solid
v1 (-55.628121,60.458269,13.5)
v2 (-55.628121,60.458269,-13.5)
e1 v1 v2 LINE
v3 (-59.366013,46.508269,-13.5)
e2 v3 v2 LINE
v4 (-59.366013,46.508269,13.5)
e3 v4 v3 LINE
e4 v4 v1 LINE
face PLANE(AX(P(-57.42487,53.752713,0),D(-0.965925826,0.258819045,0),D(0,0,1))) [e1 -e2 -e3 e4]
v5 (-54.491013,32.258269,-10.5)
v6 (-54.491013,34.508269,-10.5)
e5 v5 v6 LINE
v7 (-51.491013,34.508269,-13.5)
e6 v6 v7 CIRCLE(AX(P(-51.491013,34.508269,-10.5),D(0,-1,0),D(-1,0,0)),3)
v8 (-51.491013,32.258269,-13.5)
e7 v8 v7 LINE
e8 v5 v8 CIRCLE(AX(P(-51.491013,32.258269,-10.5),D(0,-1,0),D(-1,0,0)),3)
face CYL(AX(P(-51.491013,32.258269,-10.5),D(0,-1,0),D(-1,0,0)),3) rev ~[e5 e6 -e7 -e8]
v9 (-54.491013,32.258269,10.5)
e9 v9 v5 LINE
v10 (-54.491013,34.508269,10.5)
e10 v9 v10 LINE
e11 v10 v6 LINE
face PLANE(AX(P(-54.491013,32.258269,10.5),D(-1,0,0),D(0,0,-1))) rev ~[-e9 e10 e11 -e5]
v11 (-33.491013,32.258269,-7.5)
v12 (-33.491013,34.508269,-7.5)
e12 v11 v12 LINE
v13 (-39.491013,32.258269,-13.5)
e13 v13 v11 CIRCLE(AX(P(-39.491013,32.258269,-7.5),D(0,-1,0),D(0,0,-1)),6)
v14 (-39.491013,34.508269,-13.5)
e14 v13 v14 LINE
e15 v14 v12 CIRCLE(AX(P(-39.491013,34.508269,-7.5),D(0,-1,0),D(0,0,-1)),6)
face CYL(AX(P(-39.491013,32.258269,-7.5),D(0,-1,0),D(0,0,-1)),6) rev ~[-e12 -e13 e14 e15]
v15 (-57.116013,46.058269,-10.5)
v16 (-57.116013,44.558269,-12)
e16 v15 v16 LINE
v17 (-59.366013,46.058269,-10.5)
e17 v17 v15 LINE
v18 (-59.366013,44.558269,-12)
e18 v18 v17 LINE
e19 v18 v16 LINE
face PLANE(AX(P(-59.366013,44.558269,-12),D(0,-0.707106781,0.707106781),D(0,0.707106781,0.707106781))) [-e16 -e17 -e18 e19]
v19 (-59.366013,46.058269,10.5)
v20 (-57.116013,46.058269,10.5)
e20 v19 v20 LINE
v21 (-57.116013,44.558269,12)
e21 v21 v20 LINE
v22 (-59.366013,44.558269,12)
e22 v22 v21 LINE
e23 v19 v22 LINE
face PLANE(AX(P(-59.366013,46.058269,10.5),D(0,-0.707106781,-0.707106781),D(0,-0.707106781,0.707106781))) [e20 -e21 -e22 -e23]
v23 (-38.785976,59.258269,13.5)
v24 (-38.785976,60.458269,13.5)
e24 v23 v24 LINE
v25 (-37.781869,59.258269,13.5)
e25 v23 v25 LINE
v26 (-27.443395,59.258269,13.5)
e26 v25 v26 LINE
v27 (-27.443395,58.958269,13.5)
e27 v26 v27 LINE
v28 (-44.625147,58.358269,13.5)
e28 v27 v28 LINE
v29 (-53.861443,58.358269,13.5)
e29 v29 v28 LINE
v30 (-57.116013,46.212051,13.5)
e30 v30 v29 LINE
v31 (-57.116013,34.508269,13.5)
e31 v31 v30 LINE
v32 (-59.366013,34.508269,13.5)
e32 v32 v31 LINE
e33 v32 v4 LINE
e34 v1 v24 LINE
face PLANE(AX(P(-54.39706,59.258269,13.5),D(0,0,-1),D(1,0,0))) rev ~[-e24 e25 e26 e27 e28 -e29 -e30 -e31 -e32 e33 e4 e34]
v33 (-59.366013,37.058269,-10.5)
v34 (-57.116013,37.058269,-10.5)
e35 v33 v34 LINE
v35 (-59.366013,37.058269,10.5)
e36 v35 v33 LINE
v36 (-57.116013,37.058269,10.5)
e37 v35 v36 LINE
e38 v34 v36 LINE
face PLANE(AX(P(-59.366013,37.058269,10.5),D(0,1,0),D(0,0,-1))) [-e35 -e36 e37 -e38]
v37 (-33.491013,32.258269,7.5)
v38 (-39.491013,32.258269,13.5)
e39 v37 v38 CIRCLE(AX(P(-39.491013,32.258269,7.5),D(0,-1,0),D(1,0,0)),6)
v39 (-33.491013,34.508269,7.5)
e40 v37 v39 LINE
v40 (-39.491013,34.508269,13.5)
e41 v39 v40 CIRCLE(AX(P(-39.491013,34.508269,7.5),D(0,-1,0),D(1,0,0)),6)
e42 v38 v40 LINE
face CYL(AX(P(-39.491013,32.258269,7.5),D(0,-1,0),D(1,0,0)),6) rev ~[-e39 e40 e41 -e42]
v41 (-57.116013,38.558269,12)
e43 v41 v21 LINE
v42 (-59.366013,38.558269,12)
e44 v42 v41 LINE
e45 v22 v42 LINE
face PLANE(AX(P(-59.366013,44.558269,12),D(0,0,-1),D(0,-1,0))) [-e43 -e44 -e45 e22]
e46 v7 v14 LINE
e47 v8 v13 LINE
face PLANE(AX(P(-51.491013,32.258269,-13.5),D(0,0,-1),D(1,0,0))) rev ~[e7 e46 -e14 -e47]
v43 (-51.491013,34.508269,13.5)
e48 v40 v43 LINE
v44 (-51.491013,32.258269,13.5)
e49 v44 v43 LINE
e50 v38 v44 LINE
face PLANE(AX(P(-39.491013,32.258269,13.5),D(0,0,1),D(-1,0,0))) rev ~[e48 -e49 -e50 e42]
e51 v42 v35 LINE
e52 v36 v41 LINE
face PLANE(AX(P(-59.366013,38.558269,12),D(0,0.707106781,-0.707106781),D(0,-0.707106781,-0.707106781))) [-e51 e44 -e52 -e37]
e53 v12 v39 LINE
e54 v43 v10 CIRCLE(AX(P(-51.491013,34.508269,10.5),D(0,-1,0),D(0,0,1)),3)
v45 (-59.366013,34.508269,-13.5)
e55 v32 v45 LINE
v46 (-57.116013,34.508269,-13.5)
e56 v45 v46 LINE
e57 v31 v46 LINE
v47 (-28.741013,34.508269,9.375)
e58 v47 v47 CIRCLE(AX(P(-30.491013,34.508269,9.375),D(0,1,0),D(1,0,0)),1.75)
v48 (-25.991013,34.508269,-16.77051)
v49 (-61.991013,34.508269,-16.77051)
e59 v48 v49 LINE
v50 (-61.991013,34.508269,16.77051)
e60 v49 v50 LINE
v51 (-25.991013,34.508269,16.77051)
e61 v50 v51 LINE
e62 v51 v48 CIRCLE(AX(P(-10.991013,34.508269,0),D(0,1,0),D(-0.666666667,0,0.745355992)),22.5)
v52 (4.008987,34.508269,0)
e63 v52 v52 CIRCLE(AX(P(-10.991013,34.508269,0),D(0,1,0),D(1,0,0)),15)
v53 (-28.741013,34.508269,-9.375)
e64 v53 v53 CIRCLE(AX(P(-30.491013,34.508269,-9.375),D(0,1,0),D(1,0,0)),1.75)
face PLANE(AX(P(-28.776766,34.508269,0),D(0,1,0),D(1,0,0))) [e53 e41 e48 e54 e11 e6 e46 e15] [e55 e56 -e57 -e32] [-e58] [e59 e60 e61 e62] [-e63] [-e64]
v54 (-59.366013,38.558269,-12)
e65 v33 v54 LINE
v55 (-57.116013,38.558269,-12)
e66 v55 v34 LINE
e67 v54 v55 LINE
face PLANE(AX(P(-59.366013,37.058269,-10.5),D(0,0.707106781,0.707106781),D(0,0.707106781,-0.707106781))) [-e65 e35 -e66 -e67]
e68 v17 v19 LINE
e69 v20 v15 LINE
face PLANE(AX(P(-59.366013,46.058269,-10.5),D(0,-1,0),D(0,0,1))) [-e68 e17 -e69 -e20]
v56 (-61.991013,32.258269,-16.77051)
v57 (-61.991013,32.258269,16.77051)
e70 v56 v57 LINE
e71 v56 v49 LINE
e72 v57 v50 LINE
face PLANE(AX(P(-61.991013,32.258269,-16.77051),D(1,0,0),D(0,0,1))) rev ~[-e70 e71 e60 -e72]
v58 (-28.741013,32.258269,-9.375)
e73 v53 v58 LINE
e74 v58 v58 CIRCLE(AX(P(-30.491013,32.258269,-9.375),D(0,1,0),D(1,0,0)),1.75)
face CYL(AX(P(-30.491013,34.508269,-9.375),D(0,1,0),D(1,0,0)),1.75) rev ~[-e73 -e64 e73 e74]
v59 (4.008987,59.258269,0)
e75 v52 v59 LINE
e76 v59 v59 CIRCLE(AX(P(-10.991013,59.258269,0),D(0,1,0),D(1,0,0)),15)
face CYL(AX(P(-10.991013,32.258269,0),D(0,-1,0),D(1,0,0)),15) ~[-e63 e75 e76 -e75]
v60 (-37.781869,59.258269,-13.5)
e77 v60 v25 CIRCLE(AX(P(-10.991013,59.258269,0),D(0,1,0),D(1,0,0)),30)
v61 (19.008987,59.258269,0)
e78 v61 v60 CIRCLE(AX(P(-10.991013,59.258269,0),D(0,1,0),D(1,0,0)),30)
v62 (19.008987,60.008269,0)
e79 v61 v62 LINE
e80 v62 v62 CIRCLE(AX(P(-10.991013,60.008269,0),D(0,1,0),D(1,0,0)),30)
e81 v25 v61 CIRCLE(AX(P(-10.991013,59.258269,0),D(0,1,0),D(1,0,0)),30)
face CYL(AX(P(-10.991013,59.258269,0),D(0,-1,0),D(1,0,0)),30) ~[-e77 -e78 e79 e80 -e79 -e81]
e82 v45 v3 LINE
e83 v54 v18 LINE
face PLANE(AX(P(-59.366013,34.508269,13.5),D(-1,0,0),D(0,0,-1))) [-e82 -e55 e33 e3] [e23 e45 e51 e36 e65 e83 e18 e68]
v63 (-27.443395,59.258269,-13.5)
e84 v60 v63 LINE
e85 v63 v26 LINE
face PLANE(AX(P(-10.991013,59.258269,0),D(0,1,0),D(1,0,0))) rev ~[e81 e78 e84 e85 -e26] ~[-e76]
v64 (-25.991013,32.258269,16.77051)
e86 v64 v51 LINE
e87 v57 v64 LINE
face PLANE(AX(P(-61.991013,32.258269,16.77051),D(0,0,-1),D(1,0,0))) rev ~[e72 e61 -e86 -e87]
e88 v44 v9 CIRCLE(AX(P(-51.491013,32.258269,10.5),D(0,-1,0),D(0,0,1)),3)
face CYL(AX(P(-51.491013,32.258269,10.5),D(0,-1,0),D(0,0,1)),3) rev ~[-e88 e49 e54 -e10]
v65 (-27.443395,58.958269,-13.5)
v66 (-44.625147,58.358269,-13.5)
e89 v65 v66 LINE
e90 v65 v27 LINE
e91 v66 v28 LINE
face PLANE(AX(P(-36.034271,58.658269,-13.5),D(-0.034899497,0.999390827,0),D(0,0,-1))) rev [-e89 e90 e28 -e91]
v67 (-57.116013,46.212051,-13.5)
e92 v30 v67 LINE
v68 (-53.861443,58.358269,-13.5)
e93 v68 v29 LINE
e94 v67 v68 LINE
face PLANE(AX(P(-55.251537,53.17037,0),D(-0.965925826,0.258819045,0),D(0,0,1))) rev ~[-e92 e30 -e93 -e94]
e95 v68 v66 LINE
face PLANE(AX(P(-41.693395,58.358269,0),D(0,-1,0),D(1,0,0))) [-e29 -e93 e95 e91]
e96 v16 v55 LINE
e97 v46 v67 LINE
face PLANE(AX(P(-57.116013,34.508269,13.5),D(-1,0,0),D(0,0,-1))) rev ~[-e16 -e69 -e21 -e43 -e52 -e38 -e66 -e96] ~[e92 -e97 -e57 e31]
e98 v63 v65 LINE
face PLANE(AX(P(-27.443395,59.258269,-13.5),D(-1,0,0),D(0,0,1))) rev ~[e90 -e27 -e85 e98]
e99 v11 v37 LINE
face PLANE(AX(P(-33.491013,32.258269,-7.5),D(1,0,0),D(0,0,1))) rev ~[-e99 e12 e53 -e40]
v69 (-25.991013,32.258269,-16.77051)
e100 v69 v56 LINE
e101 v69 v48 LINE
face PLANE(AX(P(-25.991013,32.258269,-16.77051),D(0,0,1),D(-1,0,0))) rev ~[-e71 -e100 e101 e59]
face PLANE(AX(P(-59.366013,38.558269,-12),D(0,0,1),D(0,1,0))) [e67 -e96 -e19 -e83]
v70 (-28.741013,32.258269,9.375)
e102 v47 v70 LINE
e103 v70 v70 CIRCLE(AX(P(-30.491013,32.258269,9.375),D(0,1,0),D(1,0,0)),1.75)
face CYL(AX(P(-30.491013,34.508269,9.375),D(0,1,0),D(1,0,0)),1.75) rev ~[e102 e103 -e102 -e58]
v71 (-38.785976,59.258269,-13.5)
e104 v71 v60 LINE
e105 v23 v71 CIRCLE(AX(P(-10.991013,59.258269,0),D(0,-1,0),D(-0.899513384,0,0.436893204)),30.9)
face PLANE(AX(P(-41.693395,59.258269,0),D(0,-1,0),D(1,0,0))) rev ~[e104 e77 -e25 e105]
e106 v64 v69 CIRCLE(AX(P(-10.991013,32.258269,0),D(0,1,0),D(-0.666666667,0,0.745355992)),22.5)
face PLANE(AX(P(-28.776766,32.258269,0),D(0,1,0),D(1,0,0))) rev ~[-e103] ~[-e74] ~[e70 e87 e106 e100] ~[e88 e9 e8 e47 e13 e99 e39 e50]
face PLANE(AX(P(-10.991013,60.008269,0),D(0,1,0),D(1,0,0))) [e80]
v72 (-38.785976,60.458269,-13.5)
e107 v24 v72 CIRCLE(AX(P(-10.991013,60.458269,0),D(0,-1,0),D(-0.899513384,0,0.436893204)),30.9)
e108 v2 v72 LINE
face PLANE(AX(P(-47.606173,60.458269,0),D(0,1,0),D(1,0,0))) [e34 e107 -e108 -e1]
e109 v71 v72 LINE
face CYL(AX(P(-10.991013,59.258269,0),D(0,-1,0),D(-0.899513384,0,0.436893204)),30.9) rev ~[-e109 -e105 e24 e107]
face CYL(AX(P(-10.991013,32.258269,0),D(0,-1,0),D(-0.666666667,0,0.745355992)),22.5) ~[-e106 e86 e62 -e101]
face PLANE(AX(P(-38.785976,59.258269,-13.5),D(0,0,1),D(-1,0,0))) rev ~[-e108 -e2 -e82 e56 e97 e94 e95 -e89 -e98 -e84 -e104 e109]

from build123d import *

# Parameters (mm, degrees)
SKETCH1_R               = 50
BOSS_EXTRUDE1_DEPTH     = 7.5
SKETCH1_2_R             = 50
BOSS_EXTRUDE2_DEPTH     = 90
SKETCH2_W               = 7.5
SKETCH2_H               = 90
BOSS_EXTRUDE3_DEPTH     = 40
SKETCH4_R               = 100
BOSS_EXTRUDE4_DEPTH     = 2.5
SKETCH7_W               = 90
SKETCH7_H               = 50
BOSS_EXTRUDE9_DEPTH     = 7.5
CUT_EXTRUDE1_REACH      = 297.683
SKETCH14_W              = 95
SKETCH14_H              = 90
BOSS_EXTRUDE13_DEPTH    = 3
BOSS_EXTRUDE14_DEPTH    = 5
CUT_EXTRUDE3_DEPTH      = 5
CUT_EXTRUDE3_DEPTH_BACK = 1
SKETCH17_W              = 70.898930346
SKETCH17_H              = 90
CHAMFER3_SIZE           = 2
CHAMFER3_SIZE2          = 57.272506566
SCALE1_SCALE            = 0.3
CUT_EXTRUDE4_REACH      = 75.595
SKETCH19_R              = 1.75


with BuildPart() as part:
    # Sketch1 → Boss-Extrude1 (new body)
    with BuildSketch(Plane(origin=(0, 0, 0), x_dir=(1, 0, 0), z_dir=(0, 1, 0))):
        with BuildLine():
            Line((-50, 55.901699437), (-170, 55.901699437))
            Line((-170, 55.901699437), (-170, -55.901699437))
            Line((-170, -55.901699437), (-50, -55.901699437))
            ThreePointArc((-50, -55.901699437), (75, 0), (-50, 55.901699437))
        make_face()
        Circle(SKETCH1_R, mode=Mode.SUBTRACT)
        with BuildLine():
            Line((-95, -45), (-135, -45))
            ThreePointArc((-135, -45), (-142.071067812, -42.071067812), (-145, -35))
            Line((-145, -35), (-145, 35))
            ThreePointArc((-145, 35), (-142.071067812, 42.071067812), (-135, 45))
            Line((-135, 45), (-95, 45))
            ThreePointArc((-95, 45), (-80.857864376, 39.142135624), (-75, 25))
            Line((-75, 25), (-75, -25))
            ThreePointArc((-75, -25), (-80.857864376, -39.142135624), (-95, -45))
        make_face(mode=Mode.SUBTRACT)
    extrude(amount=BOSS_EXTRUDE1_DEPTH)

    # Sketch1<2> → Boss-Extrude2 (add)
    with BuildSketch(Plane(origin=(0, 0, 0), x_dir=(1, 0, 0), z_dir=(0, 1, 0))):
        Circle(SKETCH1_2_R)
    extrude(amount=BOSS_EXTRUDE2_DEPTH)

    # Sketch2 → Boss-Extrude3 (add)
    with BuildSketch(Plane(origin=(0, 7.5, 0), x_dir=(1, 0, 0), z_dir=(0, 1, 0))):
        with Locations((-157.5, 0)):
            Rectangle(SKETCH2_W, SKETCH2_H)
    extrude(amount=BOSS_EXTRUDE3_DEPTH)

    # Sketch4 → Boss-Extrude4 (add)
    with BuildSketch(Plane(origin=(0, 90, 0), x_dir=(1, 0, 0), z_dir=(0, 1, 0))):
        Circle(SKETCH4_R)
    extrude(amount=BOSS_EXTRUDE4_DEPTH)

    # Sketch7 → Boss-Extrude9 (add)
    with BuildSketch(Plane(origin=(-162.32329818, 43.49439666, 0), x_dir=(0, 0, 1), z_dir=(-0.9659258262890691, 0.2588190451025179, 0))):
        with Locations((0, 29.146905726)):
            Rectangle(SKETCH7_W, SKETCH7_H)
    extrude(amount=-BOSS_EXTRUDE9_DEPTH)

    # Sketch3 → Cut-Extrude1 (cut, up to next)
    with BuildSketch(Plane.ZY.offset(161.25), mode=Mode.PRIVATE) as cut_extrude1_sk1:
        Polygon((35, 46), (40, 41), (40, 21), (35, 16), (-35, 16), (-40, 21), (-40, 41), (-35, 46), align=None)
    cut_extrude1_tool1 = extrude(cut_extrude1_sk1.sketch, amount=-CUT_EXTRUDE1_REACH, mode=Mode.PRIVATE) & part.part
    add(cut_extrude1_tool1.solids().sort_by_distance((-161.25, 31, 0))[0], mode=Mode.SUBTRACT)

    # Sketch14 → Boss-Extrude13 (add)
    with BuildSketch(Plane.XZ.offset(-90)):
        with Locations((-102.34127557, 0)):
            Rectangle(SKETCH14_W, SKETCH14_H)
    extrude(amount=BOSS_EXTRUDE13_DEPTH)

    # Sketch15 → Boss-Extrude14 (add)
    with BuildSketch(Plane(origin=(0, 90, 0), x_dir=(1, 0, 0), z_dir=(0, 1, 0))):
        with BuildLine():
            Line((-92.649878575, 45), (-144.686825896, 45))
            Line((-144.686825896, 45), (-144.686825896, -45))
            Line((-144.686825896, -45), (-92.649878575, -45))
            ThreePointArc((-92.649878575, -45), (-103, 0), (-92.649878575, 45))
        make_face()
    extrude(amount=BOSS_EXTRUDE14_DEPTH)

    # Sketch17 → Cut-Extrude3 (cut, two sides: drawn at the far end of the back side and taken through both)
    with BuildSketch(Plane(origin=(0, 95, 0), x_dir=(1, 0, 0), z_dir=(0, 1, 0)).offset(-CUT_EXTRUDE3_DEPTH_BACK)):
        with Locations((-122.050534827, 0)):
            Rectangle(SKETCH17_W, SKETCH17_H)
    extrude(amount=CUT_EXTRUDE3_DEPTH + CUT_EXTRUDE3_DEPTH_BACK, mode=Mode.SUBTRACT)

    # Chamfer3
    chamfer3_edges = [part.edges().sort_by_distance(p)[0] for p in [
        (-54.84127557, 87, 0),
    ]]
    chamfer3_side = [part.faces().sort_by_distance(p)[0] for p in [
        (-54.84127557, 88.5, 0),
    ]]
    chamfer(chamfer3_edges, length=CHAMFER3_SIZE, length2=CHAMFER3_SIZE2, reference=chamfer3_side[0])


with BuildPart() as part_1:
    # Scale1: scaled about (-15.701446572, 46.083241644, 0)
    add(part.part.scale(SCALE1_SCALE).moved(Location((-10.9910126, 32.258269151, 0))))

    # Sketch19 → Cut-Extrude4 (cut, up to next)
    with BuildSketch(Plane(origin=(0, 34.50826915, 0), x_dir=(1, 0, 0), z_dir=(0, 1, 0)), mode=Mode.PRIVATE) as cut_extrude4_sk1:
        with Locations((-30.491012601, 9.375)):
            Circle(SKETCH19_R)
    cut_extrude4_tool1 = extrude(cut_extrude4_sk1.sketch, amount=-CUT_EXTRUDE4_REACH, mode=Mode.PRIVATE) & part_1.part
    # Sketch19 → Cut-Extrude4 (cut, up to next)
    with BuildSketch(Plane(origin=(0, 34.50826915, 0), x_dir=(1, 0, 0), z_dir=(0, 1, 0)), mode=Mode.PRIVATE) as cut_extrude4_sk2:
        with Locations((-30.491012601, -9.375)):
            Circle(SKETCH19_R)
    cut_extrude4_tool2 = extrude(cut_extrude4_sk2.sketch, amount=-CUT_EXTRUDE4_REACH, mode=Mode.PRIVATE) & part_1.part
    add(cut_extrude4_tool1.solids().sort_by_distance((-30.491013, 34.508269, -9.375))[0], mode=Mode.SUBTRACT)
    add(cut_extrude4_tool2.solids().sort_by_distance((-30.491013, 34.508269, 9.375))[0], mode=Mode.SUBTRACT)


solid = part_1.part
